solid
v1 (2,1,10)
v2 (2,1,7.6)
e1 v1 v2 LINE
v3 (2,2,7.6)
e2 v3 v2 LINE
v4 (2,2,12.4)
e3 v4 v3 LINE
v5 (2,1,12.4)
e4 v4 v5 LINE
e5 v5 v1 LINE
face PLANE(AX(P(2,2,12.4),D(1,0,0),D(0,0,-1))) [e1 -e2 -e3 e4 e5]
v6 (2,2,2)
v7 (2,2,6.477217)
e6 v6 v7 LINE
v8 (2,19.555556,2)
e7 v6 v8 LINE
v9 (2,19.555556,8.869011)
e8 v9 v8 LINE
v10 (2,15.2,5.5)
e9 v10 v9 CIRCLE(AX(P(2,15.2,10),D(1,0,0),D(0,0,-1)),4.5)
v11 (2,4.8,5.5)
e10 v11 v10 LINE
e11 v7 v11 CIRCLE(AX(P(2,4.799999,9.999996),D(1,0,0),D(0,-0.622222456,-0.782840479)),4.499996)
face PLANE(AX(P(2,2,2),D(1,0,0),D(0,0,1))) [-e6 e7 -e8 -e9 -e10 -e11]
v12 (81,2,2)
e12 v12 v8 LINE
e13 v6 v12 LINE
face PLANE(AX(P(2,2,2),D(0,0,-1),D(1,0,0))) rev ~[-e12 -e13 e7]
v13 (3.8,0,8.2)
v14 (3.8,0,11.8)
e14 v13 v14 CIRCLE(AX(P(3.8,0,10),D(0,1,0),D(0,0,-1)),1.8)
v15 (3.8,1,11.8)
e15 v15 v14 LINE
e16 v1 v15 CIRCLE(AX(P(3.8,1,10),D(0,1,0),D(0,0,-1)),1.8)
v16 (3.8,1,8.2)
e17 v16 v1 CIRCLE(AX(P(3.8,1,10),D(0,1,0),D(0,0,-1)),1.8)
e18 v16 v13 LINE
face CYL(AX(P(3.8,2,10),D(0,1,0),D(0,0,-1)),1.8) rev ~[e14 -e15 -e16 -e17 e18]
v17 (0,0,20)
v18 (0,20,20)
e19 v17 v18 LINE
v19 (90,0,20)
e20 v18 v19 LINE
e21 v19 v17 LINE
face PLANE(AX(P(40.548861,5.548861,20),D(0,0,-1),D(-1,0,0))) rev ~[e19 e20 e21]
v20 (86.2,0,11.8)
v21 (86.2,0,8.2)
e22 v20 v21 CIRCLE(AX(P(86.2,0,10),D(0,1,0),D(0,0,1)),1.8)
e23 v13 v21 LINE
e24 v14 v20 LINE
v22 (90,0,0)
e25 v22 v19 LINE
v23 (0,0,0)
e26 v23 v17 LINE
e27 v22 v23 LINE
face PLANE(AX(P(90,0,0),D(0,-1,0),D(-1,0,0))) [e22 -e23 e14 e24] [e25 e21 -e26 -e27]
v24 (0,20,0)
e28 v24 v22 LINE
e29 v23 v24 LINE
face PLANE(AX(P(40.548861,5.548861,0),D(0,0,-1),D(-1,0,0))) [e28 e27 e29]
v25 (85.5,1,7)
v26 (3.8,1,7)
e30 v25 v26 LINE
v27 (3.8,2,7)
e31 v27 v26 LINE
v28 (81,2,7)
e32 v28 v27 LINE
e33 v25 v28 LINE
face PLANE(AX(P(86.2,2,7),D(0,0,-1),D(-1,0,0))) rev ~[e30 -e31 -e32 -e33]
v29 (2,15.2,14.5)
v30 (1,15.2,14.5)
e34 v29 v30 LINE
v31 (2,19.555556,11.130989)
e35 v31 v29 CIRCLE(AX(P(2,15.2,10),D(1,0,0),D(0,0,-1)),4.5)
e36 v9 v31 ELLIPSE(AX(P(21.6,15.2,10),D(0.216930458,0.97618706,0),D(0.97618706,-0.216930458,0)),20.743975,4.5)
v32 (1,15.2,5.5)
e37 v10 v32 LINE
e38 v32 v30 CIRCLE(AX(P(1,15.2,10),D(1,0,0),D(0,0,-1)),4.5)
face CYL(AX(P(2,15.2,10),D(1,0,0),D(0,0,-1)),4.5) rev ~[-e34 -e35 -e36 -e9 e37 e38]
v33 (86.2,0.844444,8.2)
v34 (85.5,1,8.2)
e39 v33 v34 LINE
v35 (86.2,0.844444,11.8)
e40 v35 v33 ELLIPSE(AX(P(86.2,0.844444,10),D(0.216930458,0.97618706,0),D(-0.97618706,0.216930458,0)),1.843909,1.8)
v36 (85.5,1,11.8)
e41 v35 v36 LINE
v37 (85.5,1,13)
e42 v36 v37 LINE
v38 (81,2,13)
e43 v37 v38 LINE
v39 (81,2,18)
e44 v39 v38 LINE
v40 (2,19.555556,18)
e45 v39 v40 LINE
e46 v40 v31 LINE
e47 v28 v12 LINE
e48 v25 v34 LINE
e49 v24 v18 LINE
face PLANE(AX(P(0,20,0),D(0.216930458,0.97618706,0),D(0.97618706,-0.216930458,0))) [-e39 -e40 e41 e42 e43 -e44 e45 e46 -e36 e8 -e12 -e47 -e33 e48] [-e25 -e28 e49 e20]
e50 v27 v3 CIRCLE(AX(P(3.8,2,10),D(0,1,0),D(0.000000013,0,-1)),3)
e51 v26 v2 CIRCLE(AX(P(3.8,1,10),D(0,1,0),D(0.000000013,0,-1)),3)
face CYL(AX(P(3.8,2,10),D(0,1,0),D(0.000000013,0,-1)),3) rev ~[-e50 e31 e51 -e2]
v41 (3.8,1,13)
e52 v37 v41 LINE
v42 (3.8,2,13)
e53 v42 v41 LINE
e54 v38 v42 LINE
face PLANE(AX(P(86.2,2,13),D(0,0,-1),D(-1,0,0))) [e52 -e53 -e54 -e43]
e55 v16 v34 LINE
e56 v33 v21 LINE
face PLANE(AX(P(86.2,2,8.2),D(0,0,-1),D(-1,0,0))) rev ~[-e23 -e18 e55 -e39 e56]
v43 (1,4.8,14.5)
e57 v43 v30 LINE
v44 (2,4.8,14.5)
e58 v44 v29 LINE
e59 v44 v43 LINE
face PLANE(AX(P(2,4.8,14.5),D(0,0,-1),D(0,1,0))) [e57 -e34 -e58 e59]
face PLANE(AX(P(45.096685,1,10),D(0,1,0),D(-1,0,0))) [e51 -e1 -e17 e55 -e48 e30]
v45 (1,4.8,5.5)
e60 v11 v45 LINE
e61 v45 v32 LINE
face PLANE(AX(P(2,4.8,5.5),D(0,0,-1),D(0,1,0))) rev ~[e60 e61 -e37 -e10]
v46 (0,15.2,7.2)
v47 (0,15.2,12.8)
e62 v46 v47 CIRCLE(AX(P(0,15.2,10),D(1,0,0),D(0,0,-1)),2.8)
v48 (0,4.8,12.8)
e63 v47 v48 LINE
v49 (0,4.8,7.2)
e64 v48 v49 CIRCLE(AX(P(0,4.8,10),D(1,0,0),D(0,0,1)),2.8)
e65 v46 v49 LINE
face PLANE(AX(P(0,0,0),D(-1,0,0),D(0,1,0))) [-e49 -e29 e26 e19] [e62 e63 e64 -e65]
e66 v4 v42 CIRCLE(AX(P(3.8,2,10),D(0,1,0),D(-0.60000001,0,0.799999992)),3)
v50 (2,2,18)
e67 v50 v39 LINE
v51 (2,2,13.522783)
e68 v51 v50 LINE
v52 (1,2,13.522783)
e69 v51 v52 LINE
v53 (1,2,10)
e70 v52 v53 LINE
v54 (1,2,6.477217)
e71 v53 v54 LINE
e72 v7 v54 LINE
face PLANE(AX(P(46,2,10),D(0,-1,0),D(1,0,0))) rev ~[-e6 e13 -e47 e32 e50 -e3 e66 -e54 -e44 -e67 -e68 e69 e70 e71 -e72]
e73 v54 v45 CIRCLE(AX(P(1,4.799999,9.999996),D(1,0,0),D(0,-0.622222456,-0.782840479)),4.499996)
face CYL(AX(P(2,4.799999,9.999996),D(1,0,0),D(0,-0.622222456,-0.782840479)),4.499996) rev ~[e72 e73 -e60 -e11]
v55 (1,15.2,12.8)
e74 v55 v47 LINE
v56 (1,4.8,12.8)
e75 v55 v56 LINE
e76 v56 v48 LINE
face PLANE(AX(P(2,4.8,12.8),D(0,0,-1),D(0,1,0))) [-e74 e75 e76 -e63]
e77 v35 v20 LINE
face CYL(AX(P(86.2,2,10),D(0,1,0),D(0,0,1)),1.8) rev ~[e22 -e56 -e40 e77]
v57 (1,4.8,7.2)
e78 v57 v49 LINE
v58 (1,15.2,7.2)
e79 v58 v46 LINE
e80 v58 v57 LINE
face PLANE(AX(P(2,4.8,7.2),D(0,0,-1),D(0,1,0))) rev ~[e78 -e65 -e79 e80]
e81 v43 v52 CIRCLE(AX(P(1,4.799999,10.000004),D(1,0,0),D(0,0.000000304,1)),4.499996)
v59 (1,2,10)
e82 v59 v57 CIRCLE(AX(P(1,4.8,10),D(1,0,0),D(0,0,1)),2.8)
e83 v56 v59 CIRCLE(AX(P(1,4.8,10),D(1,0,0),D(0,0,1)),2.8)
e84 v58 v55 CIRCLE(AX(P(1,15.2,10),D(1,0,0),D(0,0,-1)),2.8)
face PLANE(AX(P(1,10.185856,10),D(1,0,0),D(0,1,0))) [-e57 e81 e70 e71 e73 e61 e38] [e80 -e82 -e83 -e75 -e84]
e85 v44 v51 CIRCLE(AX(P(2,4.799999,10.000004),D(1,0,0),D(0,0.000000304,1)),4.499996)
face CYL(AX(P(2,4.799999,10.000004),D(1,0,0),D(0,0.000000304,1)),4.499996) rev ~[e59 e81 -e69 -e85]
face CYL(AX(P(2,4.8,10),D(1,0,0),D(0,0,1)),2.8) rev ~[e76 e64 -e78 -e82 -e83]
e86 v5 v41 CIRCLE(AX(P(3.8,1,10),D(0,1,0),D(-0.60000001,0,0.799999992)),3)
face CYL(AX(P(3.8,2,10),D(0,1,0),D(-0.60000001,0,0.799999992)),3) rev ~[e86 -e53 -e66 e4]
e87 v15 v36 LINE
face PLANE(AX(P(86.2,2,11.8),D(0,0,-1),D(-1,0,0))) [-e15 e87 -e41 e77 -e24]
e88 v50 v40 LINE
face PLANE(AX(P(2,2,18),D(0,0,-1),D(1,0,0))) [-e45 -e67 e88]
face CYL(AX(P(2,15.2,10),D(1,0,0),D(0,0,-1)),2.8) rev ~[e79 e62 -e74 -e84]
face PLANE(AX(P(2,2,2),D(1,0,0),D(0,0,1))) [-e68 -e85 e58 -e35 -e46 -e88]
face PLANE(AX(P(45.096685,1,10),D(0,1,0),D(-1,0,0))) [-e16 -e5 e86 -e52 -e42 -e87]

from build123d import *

# Parameters (mm, degrees)
PAD_DEPTH            = 20
SKETCH001_W          = 88
SKETCH001_H          = 16
POCKET_DEPTH         = 18.001
POCKET001_DEPTH      = 2.001
POCKET002_DEPTH      = 1
POCKET002_DEPTH_BACK = -5
POCKET003_DEPTH      = 2.001
POCKET004_DEPTH      = 1


with BuildPart() as part:
    # Sketch → Pad (new body)
    with BuildSketch(Plane.XY):
        Polygon((0, 0), (0, 20), (90, 0), align=None)
    extrude(amount=PAD_DEPTH)

    # Sketch001 → Pocket (cut, through all)
    with BuildSketch(Plane.XZ.offset(-2)):
        with Locations((46, 10)):
            Rectangle(SKETCH001_W, SKETCH001_H)
    extrude(amount=-POCKET_DEPTH, mode=Mode.SUBTRACT)

    # Sketch002 (on Face9 of Pocket) → Pocket001 (cut, through all)
    with BuildSketch(Plane.YZ.offset(2)):
        with BuildLine():
            ThreePointArc((4.8, 12.8), (2, 10), (4.8, 7.2))
            Line((4.8, 7.2), (15.2, 7.2))
            ThreePointArc((15.2, 7.2), (18, 10), (15.2, 12.8))
            Line((4.8, 12.8), (15.2, 12.8))
        make_face()
    extrude(amount=-POCKET001_DEPTH, mode=Mode.SUBTRACT)

    # Sketch003 (on Face13 of Pocket001) → Pocket002 (cut, two sides)
    with BuildSketch(Plane.YZ.offset(2)) as pocket002_sk:
        with BuildLine():
            ThreePointArc((15.2, 5.5), (19.7, 10), (15.2, 14.5))
            Line((4.8, 14.5), (15.2, 14.5))
            ThreePointArc((4.8, 14.5), (3.317186, 14.248678), (2, 13.522783))
            Line((2, 13.522783), (2, 6.477217))
            ThreePointArc((2, 6.477217), (3.317186, 5.751322), (4.8, 5.5))
            Line((4.8, 5.5), (15.2, 5.5))
        make_face()
    extrude(amount=-POCKET002_DEPTH, mode=Mode.SUBTRACT)
    extrude(pocket002_sk.sketch, amount=-POCKET002_DEPTH_BACK, mode=Mode.SUBTRACT)

    # Sketch004 (on Face20 of Pocket002) → Pocket003 (cut, through all)
    with BuildSketch(Plane(origin=(0, 2, 0), x_dir=(-1, 0, 0), z_dir=(0, 1, 0))):
        with BuildLine():
            ThreePointArc((-86.2, 11.8), (-88, 10), (-86.2, 8.2))
            Line((-86.2, 8.2), (-3.8, 8.2))
            ThreePointArc((-3.8, 8.2), (-2, 10), (-3.8, 11.8))
            Line((-86.2, 11.8), (-3.8, 11.8))
        make_face()
    extrude(amount=-POCKET003_DEPTH, mode=Mode.SUBTRACT)

    # Sketch005 (on Face15 of Pocket003) → Pocket004 (cut)
    with BuildSketch(Plane(origin=(0, 2, 0), x_dir=(-1, 0, 0), z_dir=(0, 1, 0))):
        with BuildLine():
            ThreePointArc((-86.2, 13), (-89.2, 10), (-86.2, 7))
            Line((-86.2, 7), (-3.8, 7))
            ThreePointArc((-3.8, 7), (-2.851317, 7.15395), (-2, 7.6))
            Line((-2, 12.4), (-2, 7.6))
            ThreePointArc((-2, 12.4), (-2.851317, 12.84605), (-3.8, 13))
            Line((-86.2, 13), (-3.8, 13))
        make_face()
    extrude(amount=-POCKET004_DEPTH, mode=Mode.SUBTRACT)


solid = part.part
